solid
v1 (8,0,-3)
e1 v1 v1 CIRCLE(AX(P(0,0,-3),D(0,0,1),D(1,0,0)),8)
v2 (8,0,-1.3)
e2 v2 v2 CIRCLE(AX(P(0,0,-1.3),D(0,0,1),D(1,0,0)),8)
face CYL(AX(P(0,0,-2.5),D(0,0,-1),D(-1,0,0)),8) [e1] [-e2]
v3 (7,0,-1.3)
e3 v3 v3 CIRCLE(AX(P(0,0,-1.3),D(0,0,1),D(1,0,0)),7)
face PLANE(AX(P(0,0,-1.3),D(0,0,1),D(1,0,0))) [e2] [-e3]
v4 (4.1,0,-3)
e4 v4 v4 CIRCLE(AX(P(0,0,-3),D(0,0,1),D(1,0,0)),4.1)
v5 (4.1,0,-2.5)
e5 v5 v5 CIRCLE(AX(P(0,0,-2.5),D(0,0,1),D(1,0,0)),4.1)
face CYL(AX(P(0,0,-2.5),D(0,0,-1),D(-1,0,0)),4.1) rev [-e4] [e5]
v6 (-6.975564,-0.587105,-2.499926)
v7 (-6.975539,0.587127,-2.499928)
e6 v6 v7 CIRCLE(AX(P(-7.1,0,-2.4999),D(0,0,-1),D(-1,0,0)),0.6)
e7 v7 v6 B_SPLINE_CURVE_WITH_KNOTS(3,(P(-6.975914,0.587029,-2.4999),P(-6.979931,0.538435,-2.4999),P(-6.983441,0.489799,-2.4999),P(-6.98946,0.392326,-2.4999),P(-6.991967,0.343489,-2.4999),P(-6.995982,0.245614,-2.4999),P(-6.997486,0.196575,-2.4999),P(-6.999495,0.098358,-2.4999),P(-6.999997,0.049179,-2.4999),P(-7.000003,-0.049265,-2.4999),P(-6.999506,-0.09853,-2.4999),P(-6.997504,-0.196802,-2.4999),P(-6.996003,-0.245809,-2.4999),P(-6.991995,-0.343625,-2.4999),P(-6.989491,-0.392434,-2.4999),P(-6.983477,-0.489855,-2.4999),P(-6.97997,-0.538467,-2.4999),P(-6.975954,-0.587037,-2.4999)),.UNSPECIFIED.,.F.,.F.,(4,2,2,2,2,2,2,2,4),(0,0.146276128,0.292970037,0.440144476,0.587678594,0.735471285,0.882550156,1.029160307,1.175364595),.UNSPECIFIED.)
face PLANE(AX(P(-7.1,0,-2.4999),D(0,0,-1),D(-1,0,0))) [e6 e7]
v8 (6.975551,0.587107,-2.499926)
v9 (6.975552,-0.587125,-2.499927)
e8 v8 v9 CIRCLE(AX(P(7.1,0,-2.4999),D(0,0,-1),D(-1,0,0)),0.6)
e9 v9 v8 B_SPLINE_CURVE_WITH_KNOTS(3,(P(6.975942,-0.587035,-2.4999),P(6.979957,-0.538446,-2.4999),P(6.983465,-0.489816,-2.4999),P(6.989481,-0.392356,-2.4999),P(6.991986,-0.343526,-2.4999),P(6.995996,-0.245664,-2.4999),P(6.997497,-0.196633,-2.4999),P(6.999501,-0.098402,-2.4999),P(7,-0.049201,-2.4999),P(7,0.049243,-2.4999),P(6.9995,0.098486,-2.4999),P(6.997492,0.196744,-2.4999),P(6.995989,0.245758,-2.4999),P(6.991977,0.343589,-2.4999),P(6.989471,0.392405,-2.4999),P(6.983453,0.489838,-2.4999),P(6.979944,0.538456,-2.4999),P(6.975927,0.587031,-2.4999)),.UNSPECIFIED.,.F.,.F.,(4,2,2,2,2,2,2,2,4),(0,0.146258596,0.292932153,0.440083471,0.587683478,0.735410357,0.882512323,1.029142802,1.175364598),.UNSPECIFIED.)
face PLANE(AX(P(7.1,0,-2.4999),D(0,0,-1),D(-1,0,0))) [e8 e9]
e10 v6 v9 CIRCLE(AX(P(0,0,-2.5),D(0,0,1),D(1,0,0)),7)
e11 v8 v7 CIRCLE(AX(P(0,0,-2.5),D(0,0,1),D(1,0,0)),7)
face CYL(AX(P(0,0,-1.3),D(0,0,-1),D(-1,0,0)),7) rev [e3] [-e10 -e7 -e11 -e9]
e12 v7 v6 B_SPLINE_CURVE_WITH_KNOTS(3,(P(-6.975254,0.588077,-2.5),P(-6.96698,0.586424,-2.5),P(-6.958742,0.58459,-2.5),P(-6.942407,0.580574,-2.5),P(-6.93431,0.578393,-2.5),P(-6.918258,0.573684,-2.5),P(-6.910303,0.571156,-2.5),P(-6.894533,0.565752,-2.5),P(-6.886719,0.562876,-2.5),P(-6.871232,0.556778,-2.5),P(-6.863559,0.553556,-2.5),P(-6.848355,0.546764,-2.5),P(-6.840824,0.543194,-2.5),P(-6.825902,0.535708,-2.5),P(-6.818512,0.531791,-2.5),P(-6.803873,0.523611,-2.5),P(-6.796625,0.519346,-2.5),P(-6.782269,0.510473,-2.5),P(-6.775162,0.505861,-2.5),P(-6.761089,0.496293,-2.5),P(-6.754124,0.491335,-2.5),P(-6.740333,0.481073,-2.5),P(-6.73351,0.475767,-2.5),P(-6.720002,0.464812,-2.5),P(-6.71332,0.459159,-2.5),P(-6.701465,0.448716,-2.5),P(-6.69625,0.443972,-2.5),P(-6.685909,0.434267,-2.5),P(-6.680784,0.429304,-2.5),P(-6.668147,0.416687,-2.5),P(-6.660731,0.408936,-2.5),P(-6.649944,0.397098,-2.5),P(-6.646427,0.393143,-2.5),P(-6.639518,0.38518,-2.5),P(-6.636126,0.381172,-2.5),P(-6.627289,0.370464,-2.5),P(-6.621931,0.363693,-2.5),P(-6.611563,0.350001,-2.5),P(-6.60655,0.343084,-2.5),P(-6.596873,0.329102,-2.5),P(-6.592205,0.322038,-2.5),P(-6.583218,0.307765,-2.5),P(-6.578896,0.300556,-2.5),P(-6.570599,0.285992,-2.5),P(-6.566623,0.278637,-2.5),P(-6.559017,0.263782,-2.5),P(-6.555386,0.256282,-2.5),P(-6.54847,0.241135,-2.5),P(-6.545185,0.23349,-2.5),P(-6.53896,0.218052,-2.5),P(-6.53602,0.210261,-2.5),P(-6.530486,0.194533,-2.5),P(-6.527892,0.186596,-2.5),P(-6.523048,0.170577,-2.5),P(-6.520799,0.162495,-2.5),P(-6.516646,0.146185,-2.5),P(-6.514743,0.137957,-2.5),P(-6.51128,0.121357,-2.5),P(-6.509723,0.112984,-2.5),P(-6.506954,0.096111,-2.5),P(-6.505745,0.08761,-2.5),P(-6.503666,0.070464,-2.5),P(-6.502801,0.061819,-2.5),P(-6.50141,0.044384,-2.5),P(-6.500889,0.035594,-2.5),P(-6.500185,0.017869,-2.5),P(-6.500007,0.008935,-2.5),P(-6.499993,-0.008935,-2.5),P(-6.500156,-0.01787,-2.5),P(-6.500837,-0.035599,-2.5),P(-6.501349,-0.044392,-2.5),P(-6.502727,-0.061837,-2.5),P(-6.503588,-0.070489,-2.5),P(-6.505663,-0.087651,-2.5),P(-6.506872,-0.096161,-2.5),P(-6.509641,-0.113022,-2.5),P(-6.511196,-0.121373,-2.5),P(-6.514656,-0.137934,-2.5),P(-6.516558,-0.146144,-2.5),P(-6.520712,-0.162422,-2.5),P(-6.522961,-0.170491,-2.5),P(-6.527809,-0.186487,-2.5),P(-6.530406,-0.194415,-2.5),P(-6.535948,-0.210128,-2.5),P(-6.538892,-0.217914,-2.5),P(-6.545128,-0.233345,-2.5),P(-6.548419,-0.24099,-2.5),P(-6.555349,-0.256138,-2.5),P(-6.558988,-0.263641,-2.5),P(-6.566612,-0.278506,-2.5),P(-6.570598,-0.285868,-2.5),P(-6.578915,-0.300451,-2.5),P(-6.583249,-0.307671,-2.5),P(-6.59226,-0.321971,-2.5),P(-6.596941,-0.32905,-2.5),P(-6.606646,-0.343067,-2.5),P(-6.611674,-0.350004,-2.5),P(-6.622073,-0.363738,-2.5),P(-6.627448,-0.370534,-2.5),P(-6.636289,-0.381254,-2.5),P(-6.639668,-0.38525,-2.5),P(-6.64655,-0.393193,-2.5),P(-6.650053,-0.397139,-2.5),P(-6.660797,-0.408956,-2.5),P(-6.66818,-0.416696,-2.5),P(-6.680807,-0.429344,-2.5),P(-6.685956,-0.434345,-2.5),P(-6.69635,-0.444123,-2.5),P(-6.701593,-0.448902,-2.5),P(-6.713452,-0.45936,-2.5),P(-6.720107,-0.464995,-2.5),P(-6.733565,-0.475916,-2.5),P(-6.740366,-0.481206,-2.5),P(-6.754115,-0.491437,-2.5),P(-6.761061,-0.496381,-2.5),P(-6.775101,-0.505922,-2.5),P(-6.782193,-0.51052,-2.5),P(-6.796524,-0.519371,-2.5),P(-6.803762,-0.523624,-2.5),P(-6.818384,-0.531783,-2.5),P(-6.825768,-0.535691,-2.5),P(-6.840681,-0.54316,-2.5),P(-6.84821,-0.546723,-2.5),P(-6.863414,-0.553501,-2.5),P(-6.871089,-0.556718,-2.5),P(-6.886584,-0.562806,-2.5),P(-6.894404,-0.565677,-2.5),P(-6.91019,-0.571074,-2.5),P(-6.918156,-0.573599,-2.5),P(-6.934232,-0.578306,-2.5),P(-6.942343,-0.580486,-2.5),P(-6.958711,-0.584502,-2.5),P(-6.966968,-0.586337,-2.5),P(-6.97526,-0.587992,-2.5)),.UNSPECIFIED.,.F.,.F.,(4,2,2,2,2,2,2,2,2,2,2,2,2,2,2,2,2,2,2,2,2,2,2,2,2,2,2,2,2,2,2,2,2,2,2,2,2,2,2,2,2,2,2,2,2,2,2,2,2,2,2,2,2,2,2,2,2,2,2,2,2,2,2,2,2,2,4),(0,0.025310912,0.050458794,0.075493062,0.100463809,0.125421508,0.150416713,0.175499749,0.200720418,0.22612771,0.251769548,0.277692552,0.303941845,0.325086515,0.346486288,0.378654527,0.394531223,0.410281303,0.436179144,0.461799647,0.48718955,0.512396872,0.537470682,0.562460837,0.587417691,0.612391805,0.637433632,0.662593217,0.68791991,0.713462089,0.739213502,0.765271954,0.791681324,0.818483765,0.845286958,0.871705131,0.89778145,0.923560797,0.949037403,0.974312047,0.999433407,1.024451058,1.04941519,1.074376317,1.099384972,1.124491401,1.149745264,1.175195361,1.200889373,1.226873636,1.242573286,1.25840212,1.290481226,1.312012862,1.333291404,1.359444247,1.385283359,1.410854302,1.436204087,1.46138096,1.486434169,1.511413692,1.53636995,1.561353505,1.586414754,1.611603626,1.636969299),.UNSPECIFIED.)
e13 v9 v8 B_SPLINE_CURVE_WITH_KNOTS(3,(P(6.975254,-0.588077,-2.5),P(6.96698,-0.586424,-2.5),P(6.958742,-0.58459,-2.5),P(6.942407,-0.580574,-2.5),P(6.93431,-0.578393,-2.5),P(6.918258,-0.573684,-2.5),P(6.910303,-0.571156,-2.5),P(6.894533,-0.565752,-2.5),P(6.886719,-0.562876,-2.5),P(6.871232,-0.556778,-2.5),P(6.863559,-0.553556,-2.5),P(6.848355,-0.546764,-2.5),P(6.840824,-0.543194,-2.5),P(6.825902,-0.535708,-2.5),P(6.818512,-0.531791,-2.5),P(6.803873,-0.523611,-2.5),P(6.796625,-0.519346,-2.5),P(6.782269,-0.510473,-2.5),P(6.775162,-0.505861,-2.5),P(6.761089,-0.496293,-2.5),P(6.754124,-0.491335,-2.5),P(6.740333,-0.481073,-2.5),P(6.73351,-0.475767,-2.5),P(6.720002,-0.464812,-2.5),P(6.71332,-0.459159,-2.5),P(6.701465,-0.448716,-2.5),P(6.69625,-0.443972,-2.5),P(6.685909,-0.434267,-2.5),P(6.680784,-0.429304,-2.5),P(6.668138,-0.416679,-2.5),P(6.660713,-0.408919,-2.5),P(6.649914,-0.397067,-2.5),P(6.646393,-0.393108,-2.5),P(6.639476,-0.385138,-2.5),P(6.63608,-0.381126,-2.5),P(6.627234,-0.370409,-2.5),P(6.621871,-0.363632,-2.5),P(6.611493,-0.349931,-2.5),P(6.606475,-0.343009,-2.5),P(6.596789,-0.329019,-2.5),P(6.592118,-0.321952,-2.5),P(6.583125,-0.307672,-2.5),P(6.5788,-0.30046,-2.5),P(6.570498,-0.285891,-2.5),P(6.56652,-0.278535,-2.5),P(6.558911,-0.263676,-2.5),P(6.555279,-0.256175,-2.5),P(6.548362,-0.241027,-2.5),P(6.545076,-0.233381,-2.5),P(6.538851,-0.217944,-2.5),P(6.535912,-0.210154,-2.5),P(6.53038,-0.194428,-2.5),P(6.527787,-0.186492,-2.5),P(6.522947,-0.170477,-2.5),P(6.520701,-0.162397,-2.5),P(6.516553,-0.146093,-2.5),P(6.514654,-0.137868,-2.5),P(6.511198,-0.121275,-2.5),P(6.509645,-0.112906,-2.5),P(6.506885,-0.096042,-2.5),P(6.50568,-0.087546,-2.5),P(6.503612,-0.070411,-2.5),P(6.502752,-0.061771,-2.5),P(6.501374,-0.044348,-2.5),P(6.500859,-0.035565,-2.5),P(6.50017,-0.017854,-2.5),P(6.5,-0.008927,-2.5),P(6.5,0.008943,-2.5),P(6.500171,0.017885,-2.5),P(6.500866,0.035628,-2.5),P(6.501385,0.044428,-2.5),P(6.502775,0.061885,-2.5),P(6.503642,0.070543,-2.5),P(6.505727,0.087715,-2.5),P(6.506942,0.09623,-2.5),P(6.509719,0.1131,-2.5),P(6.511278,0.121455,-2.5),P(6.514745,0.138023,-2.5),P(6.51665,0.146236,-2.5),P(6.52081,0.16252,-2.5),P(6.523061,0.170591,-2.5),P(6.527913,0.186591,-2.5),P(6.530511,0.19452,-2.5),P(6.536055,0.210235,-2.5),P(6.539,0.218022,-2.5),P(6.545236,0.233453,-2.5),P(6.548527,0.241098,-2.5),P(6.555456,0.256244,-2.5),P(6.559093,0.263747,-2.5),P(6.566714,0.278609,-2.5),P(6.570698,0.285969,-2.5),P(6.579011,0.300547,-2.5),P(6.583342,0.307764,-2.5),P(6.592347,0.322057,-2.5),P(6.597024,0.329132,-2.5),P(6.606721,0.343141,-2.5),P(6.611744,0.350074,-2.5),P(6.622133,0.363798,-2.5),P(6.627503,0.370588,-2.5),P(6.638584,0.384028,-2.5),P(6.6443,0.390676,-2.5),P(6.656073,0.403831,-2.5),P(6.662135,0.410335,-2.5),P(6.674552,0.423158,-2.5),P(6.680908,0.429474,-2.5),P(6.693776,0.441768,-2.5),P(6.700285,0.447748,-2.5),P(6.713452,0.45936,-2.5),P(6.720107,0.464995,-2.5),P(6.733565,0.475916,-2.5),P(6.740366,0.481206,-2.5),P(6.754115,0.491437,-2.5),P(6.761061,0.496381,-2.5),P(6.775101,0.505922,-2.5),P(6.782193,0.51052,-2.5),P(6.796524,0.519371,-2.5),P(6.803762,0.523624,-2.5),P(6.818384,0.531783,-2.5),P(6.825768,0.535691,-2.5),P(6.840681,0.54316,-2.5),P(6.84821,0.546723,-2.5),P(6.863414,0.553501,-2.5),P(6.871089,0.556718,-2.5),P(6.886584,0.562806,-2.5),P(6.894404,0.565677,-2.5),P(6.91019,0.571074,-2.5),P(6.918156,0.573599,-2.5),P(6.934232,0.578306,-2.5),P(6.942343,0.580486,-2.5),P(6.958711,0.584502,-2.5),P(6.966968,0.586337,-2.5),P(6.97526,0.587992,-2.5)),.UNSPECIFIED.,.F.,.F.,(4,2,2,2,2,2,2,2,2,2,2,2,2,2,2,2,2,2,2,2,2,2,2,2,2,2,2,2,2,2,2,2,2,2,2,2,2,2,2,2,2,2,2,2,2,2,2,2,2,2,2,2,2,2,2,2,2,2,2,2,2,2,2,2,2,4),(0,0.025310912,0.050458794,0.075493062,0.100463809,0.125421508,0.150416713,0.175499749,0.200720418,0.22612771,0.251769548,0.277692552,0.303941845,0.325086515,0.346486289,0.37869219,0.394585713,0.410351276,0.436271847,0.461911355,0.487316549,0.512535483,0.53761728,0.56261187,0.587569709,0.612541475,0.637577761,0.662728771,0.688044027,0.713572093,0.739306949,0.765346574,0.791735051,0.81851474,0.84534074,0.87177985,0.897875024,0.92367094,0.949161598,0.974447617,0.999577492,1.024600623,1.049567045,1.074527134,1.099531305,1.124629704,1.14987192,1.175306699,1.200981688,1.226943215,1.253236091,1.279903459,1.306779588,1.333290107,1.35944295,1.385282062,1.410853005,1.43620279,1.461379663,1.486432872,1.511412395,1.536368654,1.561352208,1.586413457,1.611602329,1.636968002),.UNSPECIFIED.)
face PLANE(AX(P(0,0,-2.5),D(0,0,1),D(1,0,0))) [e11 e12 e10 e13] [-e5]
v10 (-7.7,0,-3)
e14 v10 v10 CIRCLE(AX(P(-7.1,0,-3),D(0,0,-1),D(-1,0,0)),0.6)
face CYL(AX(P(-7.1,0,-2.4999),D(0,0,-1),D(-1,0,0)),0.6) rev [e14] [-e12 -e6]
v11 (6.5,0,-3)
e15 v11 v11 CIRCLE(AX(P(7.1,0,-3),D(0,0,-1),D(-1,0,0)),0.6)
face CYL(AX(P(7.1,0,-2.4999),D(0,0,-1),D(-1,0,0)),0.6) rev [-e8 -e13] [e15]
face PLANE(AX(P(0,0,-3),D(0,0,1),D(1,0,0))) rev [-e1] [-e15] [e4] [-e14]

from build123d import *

# Parameters (mm, degrees)
OUTER_FLANGE_CONTACT_ANNULUS_ID8P2_START = -3
SKETCH1_R                                = 8
SKETCH1_R_2                              = 4.1
OUTER_FLANGE_CONTACT_ANNULUS_ID8P2_DEPTH = 0.5
M14X0P5_INTERNAL_THREAD_ENVELOPE_START   = -2.5
SKETCH2_R                                = 8
SKETCH2_R_2                              = 7
M14X0P5_INTERNAL_THREAD_ENVELOPE_DEPTH   = 1.2
SKETCH3_R                                = 0.6
TWO_PIN_WRENCH_HOLES_D1P2_DEPTH          = 0.5001


with BuildPart() as part:
    # Sketch1 → Outer_Flange_Contact_Annulus_ID8p2 (new body)
    with BuildSketch(Plane.XY.offset(OUTER_FLANGE_CONTACT_ANNULUS_ID8P2_START)):
        Circle(SKETCH1_R)
        Circle(SKETCH1_R_2, mode=Mode.SUBTRACT)
    extrude(amount=OUTER_FLANGE_CONTACT_ANNULUS_ID8P2_DEPTH)

    # Sketch2 → M14x0p5_Internal_Thread_Envelope (add)
    with BuildSketch(Plane.XY.offset(M14X0P5_INTERNAL_THREAD_ENVELOPE_START)):
        Circle(SKETCH2_R)
        Circle(SKETCH2_R_2, mode=Mode.SUBTRACT)
    extrude(amount=M14X0P5_INTERNAL_THREAD_ENVELOPE_DEPTH)

    # Sketch3 → Two_Pin_Wrench_Holes_D1p2 (cut)
    with BuildSketch(Plane(origin=(0, 0, -3), x_dir=(-1, 0, 0), z_dir=(0, 0, -1))):
        with Locations((7.1, 0)):
            Circle(SKETCH3_R)
        with Locations((-7.1, 0)):
            Circle(SKETCH3_R)
    extrude(amount=-TWO_PIN_WRENCH_HOLES_D1P2_DEPTH, mode=Mode.SUBTRACT)


solid = part.part
